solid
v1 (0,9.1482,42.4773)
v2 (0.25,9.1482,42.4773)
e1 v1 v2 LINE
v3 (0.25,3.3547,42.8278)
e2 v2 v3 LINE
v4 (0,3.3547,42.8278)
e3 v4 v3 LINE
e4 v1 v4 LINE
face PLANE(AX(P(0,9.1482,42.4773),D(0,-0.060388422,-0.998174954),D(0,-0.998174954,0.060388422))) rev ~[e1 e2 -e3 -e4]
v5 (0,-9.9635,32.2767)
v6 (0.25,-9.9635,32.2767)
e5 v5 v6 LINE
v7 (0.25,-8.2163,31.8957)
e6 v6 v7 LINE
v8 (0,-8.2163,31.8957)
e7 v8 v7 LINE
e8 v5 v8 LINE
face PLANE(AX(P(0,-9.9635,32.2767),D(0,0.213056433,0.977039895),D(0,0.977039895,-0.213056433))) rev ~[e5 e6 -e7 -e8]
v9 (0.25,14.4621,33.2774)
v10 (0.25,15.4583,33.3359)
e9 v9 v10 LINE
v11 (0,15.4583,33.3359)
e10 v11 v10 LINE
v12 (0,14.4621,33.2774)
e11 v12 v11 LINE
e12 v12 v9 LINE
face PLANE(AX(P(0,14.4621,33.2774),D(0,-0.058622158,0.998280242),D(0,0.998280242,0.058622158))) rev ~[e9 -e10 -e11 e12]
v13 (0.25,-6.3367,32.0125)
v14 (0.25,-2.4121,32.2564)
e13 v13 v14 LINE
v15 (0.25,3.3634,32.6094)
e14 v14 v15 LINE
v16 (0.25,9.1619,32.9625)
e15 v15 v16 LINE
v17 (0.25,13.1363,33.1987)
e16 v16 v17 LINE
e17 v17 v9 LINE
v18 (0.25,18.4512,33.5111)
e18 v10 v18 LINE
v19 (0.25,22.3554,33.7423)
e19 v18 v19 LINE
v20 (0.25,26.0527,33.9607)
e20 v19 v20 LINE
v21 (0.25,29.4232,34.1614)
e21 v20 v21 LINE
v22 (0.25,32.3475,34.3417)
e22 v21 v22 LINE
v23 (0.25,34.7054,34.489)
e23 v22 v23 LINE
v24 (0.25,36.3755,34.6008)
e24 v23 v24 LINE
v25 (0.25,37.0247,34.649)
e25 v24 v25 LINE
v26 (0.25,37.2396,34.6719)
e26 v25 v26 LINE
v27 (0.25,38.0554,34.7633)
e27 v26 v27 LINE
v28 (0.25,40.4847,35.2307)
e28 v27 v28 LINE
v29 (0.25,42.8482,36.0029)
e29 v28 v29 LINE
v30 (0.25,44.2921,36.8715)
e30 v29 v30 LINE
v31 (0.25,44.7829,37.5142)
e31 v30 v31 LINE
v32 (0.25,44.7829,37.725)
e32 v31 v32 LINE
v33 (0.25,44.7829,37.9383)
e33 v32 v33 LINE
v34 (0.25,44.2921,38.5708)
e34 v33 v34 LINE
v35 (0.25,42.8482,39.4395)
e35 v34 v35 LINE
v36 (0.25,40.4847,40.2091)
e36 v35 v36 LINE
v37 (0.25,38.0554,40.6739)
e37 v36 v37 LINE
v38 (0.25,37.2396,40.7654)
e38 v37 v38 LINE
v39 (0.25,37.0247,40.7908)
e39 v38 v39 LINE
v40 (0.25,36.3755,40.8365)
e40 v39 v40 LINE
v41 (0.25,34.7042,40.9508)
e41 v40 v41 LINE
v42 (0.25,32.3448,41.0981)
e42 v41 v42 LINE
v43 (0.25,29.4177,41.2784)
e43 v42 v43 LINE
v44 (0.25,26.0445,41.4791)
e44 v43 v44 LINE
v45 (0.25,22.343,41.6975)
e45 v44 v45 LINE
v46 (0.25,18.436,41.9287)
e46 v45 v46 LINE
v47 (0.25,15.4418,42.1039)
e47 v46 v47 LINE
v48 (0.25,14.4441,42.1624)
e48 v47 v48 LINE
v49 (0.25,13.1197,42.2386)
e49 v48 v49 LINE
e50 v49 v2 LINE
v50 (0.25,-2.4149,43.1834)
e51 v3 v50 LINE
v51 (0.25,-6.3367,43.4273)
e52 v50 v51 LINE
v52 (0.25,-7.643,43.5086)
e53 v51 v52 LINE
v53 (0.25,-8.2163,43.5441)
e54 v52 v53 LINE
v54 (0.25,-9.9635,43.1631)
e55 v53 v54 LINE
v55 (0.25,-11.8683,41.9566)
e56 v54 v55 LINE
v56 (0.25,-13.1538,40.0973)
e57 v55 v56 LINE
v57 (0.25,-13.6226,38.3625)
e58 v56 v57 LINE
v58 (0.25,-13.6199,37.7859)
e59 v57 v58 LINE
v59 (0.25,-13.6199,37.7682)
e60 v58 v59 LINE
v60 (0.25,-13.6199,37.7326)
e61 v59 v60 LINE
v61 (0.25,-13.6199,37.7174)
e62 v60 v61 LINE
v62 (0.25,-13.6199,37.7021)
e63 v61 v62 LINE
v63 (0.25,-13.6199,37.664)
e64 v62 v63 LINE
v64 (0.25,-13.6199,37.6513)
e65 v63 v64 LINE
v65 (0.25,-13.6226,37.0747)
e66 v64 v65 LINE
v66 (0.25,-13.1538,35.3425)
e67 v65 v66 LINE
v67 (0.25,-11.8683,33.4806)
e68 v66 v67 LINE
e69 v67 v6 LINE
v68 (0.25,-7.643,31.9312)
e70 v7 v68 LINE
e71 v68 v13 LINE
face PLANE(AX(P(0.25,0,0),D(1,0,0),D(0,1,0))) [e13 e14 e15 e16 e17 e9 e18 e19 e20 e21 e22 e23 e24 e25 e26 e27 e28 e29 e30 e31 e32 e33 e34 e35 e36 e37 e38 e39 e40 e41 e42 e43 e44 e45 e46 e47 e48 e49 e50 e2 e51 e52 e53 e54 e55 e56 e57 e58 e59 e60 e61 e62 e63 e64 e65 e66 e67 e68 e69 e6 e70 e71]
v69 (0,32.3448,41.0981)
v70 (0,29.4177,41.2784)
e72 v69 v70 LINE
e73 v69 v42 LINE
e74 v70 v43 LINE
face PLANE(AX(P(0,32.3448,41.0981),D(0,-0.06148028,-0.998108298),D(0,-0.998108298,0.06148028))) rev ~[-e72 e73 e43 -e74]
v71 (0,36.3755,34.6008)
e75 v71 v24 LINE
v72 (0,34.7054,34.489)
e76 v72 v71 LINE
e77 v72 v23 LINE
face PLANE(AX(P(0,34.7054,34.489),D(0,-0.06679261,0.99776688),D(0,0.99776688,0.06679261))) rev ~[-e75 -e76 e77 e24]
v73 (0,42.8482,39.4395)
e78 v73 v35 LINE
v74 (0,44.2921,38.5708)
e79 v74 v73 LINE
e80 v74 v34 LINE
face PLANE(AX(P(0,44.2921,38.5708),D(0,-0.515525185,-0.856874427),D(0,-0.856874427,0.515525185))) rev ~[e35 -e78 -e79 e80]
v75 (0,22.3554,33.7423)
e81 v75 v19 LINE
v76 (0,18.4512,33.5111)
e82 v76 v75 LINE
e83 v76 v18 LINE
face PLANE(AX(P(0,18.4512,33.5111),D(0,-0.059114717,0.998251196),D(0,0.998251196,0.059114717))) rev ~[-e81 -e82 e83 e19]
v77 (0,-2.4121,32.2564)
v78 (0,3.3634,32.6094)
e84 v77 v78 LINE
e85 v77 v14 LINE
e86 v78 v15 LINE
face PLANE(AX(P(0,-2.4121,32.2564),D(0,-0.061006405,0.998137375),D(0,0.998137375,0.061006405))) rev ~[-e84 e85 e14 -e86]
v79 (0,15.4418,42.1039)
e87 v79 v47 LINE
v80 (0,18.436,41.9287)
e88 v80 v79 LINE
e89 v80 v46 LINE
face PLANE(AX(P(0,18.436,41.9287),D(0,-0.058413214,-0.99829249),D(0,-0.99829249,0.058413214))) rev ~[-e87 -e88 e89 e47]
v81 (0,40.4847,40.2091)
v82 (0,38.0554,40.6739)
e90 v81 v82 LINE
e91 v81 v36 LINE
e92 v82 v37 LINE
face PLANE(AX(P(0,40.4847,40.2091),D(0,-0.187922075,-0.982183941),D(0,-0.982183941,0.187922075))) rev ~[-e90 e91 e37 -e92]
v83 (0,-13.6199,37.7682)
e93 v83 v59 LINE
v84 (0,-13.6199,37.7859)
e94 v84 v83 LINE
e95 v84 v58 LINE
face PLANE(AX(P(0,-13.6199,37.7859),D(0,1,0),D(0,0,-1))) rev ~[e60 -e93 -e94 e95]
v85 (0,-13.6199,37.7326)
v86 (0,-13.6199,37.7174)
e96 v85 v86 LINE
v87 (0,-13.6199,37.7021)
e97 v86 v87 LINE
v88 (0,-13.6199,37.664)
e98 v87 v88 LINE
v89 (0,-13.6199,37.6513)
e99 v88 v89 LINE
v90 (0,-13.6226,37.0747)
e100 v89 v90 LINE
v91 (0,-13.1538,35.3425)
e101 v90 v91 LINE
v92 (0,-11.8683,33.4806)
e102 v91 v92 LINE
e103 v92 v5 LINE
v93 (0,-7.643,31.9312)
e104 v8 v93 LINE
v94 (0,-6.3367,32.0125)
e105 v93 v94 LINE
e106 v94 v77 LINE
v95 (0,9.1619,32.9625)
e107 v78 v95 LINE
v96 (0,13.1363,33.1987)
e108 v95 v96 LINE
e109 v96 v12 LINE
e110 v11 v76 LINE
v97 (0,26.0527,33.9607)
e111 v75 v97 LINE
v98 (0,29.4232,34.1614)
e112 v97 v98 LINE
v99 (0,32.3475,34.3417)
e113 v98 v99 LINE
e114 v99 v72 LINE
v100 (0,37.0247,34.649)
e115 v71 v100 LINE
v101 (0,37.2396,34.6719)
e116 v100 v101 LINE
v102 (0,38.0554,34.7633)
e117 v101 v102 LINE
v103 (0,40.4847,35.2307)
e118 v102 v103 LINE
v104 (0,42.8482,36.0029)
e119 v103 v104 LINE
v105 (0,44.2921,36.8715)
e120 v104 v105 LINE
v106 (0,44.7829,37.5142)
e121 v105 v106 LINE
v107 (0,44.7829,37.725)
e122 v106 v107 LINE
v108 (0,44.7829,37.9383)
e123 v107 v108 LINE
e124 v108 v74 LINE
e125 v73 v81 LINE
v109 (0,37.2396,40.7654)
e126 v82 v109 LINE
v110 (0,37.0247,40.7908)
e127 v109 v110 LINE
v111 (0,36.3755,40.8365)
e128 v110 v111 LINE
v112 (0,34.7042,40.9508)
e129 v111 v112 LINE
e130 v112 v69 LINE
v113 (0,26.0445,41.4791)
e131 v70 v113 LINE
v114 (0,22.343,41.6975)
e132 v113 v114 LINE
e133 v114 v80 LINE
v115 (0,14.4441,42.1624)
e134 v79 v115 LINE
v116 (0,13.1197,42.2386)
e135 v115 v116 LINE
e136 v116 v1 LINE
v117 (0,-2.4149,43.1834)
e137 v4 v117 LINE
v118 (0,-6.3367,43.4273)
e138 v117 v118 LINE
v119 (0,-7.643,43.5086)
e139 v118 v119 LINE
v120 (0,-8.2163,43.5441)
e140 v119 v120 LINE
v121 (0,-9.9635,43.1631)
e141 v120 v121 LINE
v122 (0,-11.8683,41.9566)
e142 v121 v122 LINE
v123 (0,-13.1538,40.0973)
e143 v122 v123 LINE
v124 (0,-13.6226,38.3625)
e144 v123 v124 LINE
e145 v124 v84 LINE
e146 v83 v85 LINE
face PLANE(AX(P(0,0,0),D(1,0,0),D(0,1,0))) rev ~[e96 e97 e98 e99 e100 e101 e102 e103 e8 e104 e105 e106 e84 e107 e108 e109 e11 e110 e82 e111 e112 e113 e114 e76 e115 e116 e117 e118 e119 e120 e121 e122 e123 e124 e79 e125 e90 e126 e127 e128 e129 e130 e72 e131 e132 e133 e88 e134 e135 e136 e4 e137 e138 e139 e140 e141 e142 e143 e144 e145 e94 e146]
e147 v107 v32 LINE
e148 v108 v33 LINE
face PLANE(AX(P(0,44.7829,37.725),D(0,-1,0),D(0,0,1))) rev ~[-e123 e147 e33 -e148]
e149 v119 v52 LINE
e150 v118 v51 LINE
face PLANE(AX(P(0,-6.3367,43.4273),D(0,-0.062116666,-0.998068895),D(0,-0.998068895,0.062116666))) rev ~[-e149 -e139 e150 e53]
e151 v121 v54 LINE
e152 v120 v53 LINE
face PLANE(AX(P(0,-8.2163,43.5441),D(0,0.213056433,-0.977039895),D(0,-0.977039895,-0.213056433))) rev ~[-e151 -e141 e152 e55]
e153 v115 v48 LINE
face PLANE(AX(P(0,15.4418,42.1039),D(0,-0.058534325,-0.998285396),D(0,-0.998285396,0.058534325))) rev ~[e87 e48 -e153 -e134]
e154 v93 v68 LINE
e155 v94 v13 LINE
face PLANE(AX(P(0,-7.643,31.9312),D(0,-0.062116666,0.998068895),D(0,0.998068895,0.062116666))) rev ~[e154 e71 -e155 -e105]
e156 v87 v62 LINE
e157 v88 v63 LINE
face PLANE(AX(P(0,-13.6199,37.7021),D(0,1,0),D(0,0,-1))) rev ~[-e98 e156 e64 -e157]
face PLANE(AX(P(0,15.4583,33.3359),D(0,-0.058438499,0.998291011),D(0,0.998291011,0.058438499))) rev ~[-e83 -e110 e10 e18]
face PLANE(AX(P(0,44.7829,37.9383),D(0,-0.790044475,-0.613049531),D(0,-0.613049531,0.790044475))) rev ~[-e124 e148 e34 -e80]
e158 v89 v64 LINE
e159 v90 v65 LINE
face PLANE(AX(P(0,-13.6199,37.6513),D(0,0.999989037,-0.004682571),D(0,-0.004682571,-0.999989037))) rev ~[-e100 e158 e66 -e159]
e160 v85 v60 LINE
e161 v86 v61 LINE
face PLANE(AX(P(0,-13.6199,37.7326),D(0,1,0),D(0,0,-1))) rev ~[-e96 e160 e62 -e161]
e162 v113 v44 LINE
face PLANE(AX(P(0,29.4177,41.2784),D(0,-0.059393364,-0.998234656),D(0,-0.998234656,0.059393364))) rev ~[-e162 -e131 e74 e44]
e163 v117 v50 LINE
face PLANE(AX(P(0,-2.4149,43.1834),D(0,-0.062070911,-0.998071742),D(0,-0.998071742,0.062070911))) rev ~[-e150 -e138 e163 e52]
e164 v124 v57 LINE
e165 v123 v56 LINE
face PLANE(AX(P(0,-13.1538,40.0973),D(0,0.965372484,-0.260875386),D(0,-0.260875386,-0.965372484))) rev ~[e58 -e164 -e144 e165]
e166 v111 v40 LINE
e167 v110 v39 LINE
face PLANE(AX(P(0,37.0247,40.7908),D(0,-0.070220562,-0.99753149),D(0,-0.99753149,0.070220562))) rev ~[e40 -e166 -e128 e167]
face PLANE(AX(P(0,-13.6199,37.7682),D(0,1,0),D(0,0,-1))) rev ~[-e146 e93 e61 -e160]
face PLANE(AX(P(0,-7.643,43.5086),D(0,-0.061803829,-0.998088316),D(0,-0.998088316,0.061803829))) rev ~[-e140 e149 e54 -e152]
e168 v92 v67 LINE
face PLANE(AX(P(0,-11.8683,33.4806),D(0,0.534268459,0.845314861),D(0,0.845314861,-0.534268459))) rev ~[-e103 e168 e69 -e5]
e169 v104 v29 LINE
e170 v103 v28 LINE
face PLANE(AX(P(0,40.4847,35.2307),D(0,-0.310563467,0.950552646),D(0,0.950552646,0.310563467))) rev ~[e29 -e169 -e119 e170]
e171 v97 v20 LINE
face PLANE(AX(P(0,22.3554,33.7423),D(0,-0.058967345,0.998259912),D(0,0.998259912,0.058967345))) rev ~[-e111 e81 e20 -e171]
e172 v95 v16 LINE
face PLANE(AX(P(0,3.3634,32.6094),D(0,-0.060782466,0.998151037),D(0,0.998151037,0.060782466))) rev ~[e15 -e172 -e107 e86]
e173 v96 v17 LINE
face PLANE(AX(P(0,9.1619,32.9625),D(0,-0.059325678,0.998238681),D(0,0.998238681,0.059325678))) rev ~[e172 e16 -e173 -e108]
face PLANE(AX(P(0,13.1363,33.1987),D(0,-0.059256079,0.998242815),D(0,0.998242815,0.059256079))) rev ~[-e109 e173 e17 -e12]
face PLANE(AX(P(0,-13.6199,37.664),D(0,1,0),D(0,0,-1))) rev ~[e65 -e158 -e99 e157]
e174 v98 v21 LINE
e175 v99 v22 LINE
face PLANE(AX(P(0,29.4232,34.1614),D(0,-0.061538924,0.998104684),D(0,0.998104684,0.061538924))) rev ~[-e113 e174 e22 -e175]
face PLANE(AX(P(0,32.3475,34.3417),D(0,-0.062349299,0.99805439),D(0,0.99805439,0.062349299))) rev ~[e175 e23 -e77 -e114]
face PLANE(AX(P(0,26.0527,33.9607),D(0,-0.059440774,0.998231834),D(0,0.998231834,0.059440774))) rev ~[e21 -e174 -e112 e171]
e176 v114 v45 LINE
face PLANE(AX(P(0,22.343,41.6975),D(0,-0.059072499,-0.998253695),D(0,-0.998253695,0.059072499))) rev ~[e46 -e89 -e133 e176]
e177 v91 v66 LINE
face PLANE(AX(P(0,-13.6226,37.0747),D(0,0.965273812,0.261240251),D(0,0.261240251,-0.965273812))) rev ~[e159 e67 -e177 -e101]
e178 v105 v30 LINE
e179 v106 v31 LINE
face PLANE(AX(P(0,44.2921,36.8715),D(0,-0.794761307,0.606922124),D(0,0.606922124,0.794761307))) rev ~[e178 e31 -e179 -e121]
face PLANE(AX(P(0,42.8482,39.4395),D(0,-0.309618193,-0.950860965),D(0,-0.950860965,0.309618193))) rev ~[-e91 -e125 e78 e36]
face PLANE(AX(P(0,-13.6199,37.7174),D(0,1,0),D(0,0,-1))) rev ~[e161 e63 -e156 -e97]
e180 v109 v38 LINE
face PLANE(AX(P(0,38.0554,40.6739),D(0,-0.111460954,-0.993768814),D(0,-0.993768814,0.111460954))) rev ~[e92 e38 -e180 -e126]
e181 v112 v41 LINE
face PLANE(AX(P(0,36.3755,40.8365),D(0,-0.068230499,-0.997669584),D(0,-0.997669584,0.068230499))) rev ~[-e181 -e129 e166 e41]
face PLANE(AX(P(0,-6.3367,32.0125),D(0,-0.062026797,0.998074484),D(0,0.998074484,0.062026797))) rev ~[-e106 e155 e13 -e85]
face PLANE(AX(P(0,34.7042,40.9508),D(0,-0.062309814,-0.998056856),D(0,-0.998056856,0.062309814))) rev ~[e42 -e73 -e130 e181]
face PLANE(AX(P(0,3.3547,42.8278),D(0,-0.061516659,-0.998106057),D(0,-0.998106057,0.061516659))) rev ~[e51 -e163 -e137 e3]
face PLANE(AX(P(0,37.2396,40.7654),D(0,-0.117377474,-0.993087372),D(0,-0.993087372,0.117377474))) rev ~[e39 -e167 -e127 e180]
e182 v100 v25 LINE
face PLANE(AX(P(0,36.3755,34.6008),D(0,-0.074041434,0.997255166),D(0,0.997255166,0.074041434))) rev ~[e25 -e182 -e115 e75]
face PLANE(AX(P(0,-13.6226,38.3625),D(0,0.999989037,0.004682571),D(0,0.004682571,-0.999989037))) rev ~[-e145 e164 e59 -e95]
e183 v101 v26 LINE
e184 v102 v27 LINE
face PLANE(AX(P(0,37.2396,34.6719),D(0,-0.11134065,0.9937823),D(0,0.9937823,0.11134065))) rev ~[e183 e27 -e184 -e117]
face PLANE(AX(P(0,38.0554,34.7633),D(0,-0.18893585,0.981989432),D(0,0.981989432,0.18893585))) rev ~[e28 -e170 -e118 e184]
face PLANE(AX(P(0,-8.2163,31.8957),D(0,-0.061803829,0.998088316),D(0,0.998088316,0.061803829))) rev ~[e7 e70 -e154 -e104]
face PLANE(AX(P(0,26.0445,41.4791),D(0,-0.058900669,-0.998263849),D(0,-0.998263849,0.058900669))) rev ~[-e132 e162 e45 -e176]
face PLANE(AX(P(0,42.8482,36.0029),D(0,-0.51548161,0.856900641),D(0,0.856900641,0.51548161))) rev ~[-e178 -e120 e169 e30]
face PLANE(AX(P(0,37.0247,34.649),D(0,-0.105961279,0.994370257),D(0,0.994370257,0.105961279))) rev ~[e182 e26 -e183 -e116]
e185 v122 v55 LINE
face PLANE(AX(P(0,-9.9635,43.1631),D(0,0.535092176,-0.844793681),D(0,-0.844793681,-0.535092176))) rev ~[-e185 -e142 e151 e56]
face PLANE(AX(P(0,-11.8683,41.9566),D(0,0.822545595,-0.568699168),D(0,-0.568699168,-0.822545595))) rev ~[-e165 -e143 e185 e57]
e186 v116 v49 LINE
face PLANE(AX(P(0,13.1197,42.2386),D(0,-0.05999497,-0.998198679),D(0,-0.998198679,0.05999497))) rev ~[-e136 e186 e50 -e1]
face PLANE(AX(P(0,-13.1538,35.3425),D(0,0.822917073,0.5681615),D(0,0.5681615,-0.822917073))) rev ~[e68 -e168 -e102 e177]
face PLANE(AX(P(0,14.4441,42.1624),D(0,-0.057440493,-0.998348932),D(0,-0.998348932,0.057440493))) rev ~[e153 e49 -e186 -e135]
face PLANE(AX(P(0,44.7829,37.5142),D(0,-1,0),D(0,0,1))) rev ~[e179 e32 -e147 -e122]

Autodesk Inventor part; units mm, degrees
ref_plane "YZ Plane" through (0, 0, 0) normal (1, 0, 0) x (0, 1, 0)
ref_plane "XZ Plane" through (0, 0, 0) normal (0, 1, 0) x (-1, 0, 0)
ref_plane "XY Plane" through (0, 0, 0) normal (0, 0, 1) x (1, 0, 0)
sketch "Sketch1" plane through (0, 0, 0) normal (1, 0, 0) x (0, 1, 0)
  line L0 (-13.6199, 37.7174) -> (-13.6199, 37.7021)
  line L1 (-13.6199, 37.7021) -> (-13.6199, 37.664)
  line L2 (-13.6199, 37.664) -> (-13.6199, 37.6513)
  line L3 (-13.6199, 37.6513) -> (-13.6226, 37.0747)
  line L4 (-13.6226, 37.0747) -> (-13.1538, 35.3425)
  line L5 (-13.1538, 35.3425) -> (-11.8683, 33.4806)
  line L6 (-11.8683, 33.4806) -> (-9.9635, 32.2767)
  line L7 (-9.9635, 32.2767) -> (-8.2163, 31.8957)
  line L8 (-8.2163, 31.8957) -> (-7.643, 31.9312)
  line L9 (-7.643, 31.9312) -> (-6.3367, 32.0125)
  line L10 (-6.3367, 32.0125) -> (-2.4121, 32.2564)
  line L11 (-2.4121, 32.2564) -> (3.3634, 32.6094)
  line L12 (3.3634, 32.6094) -> (9.1619, 32.9625)
  line L13 (9.1619, 32.9625) -> (13.1363, 33.1987)
  line L14 (13.1363, 33.1987) -> (14.4621, 33.2774)
  line L15 (14.4621, 33.2774) -> (15.4583, 33.3359)
  line L16 (15.4583, 33.3359) -> (18.4512, 33.5111)
  line L17 (18.4512, 33.5111) -> (22.3554, 33.7423)
  line L18 (22.3554, 33.7423) -> (26.0527, 33.9607)
  line L19 (26.0527, 33.9607) -> (29.4232, 34.1614)
  line L20 (29.4232, 34.1614) -> (32.3475, 34.3417)
  line L21 (32.3475, 34.3417) -> (34.7054, 34.489)
  line L22 (34.7054, 34.489) -> (36.3755, 34.6008)
  line L23 (36.3755, 34.6008) -> (37.0247, 34.649)
  line L24 (37.0247, 34.649) -> (37.2396, 34.6719)
  line L25 (37.2396, 34.6719) -> (38.0554, 34.7633)
  line L26 (38.0554, 34.7633) -> (40.4847, 35.2307)
  line L27 (40.4847, 35.2307) -> (42.8482, 36.0029)
  line L28 (42.8482, 36.0029) -> (44.2921, 36.8715)
  line L29 (44.2921, 36.8715) -> (44.7829, 37.5142)
  line L30 (44.7829, 37.5142) -> (44.7829, 37.725)
  line L31 (44.7829, 37.725) -> (44.7829, 37.9383)
  line L32 (44.7829, 37.9383) -> (44.2921, 38.5708)
  line L33 (44.2921, 38.5708) -> (42.8482, 39.4395)
  line L34 (42.8482, 39.4395) -> (40.4847, 40.2091)
  line L35 (40.4847, 40.2091) -> (38.0554, 40.6739)
  line L36 (38.0554, 40.6739) -> (37.2396, 40.7654)
  line L37 (37.2396, 40.7654) -> (37.0247, 40.7908)
  line L38 (37.0247, 40.7908) -> (36.3755, 40.8365)
  line L39 (36.3755, 40.8365) -> (34.7042, 40.9508)
  line L40 (34.7042, 40.9508) -> (32.3448, 41.0981)
  line L41 (32.3448, 41.0981) -> (29.4177, 41.2784)
  line L42 (29.4177, 41.2784) -> (26.0445, 41.4791)
  line L43 (26.0445, 41.4791) -> (22.343, 41.6975)
  line L44 (22.343, 41.6975) -> (18.436, 41.9287)
  line L45 (18.436, 41.9287) -> (15.4418, 42.1039)
  line L46 (15.4418, 42.1039) -> (14.4441, 42.1624)
  line L47 (14.4441, 42.1624) -> (13.1197, 42.2386)
  line L48 (13.1197, 42.2386) -> (9.1482, 42.4773)
  line L49 (9.1482, 42.4773) -> (3.3547, 42.8278)
  line L50 (3.3547, 42.8278) -> (-2.4149, 43.1834)
  line L51 (-2.4149, 43.1834) -> (-6.3367, 43.4273)
  line L52 (-6.3367, 43.4273) -> (-7.643, 43.5086)
  line L53 (-7.643, 43.5086) -> (-8.2163, 43.5441)
  line L54 (-8.2163, 43.5441) -> (-9.9635, 43.1631)
  line L55 (-9.9635, 43.1631) -> (-11.8683, 41.9566)
  line L56 (-11.8683, 41.9566) -> (-13.1538, 40.0973)
  line L57 (-13.1538, 40.0973) -> (-13.6226, 38.3625)
  line L58 (-13.6226, 38.3625) -> (-13.6199, 37.7859)
  line L59 (-13.6199, 37.7859) -> (-13.6199, 37.7682)
  line L60 (-13.6199, 37.7682) -> (-13.6199, 37.7326)
  line L61 (-13.6199, 37.7326) -> (-13.6199, 37.7174)
  line L62 (-14.0082, 28.1898) -> (-14.295, 28.6115)
  line L63 (-14.295, 28.6115) -> (-14.4575, 28.8502)
  line L64 (-14.4575, 28.8502) -> (-14.5541, 28.9925)
  line L65 (-14.5541, 28.9925) -> (-15.0049, 29.5817)
extrude "Extrusion27" add sketch "Sketch1" along normal blind 0.25
sketch "Sketch7" plane through (0, 0, 0) normal (-1, 0, 0) x (0, 0, 1)
  circle A0 centre (37.7743, -8.0049) radius 5.5
  circle A1 centre (37.7743, -8.0049) radius 0.5
  point P0 (0, 0)
  dimension "d91" = 11
  dimension "d92" = 1
extrude "Extrusion30" [suppressed]
properties part number "Sticker6"
